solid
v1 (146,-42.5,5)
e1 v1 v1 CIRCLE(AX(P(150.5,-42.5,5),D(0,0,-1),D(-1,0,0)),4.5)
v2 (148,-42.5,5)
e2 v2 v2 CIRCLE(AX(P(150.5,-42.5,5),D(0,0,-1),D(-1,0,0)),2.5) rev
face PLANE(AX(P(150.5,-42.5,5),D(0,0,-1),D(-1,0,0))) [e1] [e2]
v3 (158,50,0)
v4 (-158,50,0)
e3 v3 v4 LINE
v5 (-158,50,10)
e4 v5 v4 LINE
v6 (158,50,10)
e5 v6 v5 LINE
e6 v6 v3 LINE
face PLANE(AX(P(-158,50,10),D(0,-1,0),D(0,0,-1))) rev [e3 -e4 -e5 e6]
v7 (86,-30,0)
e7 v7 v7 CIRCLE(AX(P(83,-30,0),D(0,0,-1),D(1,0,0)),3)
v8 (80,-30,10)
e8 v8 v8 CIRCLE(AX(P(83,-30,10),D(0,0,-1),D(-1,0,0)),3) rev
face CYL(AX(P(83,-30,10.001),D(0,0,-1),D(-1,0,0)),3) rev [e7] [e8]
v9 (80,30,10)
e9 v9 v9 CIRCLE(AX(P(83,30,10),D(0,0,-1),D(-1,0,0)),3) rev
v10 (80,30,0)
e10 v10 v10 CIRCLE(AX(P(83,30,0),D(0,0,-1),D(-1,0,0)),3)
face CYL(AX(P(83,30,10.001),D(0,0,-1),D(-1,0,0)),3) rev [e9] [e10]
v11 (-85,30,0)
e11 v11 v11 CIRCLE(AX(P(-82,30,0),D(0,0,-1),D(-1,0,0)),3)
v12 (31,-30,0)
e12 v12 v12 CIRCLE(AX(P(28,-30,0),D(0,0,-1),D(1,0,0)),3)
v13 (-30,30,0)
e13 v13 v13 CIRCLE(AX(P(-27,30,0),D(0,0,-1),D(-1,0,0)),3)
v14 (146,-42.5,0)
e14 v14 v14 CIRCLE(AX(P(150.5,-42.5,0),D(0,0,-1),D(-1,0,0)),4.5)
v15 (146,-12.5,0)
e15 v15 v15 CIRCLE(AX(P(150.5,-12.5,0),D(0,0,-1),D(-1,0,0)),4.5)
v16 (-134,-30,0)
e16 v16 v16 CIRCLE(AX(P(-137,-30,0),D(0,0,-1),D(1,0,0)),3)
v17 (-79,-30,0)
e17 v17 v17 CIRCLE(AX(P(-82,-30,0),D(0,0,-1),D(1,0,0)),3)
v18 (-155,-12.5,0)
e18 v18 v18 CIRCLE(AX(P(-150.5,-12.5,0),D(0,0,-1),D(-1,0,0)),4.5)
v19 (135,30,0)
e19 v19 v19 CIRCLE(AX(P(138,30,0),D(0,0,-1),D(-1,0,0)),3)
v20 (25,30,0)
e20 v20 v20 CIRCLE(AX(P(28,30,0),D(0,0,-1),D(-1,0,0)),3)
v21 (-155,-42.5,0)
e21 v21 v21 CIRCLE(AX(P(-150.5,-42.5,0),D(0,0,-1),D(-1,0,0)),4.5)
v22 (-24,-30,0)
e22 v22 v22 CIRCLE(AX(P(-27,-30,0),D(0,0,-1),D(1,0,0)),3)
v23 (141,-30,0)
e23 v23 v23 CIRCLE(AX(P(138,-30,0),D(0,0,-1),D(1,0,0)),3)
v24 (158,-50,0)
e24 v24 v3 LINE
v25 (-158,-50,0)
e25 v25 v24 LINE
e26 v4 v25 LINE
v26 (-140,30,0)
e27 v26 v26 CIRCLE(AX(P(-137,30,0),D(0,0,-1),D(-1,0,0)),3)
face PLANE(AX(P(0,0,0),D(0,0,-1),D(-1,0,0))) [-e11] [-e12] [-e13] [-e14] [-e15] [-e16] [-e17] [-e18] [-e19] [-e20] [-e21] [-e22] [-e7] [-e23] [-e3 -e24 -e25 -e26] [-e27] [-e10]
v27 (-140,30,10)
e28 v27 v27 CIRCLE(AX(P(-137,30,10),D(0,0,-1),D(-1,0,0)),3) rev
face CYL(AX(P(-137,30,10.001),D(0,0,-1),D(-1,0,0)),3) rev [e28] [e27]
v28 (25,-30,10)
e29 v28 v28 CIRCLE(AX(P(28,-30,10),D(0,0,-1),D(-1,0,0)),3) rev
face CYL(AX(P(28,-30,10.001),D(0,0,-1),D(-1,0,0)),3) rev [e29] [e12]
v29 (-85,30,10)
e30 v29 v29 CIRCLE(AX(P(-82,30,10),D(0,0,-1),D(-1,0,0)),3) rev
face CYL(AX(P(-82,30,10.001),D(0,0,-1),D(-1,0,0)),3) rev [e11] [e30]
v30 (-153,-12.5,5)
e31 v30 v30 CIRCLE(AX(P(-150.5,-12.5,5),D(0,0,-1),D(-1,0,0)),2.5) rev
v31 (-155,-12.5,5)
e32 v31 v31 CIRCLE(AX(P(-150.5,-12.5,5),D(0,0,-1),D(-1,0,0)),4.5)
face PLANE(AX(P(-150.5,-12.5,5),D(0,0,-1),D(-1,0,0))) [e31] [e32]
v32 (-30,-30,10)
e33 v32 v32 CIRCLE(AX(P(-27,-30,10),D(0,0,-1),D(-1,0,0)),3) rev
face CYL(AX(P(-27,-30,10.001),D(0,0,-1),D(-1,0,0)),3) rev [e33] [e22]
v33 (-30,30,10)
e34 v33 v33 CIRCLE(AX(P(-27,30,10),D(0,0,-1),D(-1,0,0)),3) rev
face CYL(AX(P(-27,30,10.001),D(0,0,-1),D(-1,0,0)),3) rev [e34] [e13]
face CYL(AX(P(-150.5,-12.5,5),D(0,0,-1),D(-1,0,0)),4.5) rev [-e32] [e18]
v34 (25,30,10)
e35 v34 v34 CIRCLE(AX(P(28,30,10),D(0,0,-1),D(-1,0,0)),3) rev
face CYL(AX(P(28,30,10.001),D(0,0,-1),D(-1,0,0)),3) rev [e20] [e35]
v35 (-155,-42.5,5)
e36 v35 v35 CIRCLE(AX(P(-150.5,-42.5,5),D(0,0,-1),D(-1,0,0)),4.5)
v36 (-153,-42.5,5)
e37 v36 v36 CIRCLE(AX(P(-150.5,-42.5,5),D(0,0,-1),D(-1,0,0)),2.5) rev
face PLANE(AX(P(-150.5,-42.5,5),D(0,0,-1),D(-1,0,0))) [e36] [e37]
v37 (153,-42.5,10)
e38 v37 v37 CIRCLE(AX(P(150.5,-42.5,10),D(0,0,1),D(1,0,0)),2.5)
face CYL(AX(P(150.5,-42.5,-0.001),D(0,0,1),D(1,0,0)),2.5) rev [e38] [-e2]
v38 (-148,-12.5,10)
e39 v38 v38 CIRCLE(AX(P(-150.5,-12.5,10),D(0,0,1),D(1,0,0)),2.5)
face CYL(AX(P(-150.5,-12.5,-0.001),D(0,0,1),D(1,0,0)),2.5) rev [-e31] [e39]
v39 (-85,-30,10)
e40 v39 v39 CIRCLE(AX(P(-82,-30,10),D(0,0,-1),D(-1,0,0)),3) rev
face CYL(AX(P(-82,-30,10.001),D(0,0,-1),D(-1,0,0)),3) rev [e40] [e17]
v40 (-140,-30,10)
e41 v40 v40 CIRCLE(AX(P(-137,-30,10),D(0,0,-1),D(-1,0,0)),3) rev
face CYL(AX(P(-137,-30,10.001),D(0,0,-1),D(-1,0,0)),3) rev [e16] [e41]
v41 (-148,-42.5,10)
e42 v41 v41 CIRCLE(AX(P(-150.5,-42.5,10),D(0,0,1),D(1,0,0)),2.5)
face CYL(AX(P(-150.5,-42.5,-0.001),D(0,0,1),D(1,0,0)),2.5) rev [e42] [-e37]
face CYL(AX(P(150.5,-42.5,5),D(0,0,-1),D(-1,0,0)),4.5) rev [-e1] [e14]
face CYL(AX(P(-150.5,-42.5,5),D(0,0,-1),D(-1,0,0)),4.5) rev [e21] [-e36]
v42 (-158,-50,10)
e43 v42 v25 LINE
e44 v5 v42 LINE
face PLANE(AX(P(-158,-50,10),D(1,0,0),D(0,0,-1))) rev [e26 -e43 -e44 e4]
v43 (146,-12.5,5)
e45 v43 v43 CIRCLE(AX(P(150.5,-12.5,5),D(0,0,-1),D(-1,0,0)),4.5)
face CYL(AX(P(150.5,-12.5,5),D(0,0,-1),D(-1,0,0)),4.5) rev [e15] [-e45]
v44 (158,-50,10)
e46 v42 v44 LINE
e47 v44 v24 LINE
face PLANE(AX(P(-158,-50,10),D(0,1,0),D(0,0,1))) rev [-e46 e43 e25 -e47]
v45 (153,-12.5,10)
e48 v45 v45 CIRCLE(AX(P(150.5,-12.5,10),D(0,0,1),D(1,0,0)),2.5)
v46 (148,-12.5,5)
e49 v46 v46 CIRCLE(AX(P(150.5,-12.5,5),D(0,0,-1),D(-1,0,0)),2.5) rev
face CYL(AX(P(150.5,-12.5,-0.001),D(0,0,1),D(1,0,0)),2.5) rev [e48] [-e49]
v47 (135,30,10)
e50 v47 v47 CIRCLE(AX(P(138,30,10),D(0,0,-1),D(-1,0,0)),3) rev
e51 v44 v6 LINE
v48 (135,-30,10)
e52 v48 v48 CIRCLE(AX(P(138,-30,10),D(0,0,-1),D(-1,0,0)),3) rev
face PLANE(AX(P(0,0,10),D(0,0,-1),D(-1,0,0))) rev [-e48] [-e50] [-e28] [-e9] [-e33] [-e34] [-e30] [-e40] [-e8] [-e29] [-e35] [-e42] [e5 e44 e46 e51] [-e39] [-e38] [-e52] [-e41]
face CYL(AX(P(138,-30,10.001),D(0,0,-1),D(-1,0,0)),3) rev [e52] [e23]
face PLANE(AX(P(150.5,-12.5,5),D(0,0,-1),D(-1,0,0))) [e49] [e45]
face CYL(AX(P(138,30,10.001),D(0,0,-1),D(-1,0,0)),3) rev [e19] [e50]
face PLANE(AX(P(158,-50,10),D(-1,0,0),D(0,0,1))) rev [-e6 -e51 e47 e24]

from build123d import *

# Parameters (mm, degrees)
SKETCH1_W           = 316
SKETCH1_H           = 100
BOSS_EXTRUDE1_DEPTH = 10
CUT_EXTRUDE1_REACH  = 168.024
SKETCH4_R           = 3
CUT_EXTRUDE2_REACH  = 168.024
SKETCH5_R           = 2.5
SKETCH6_R           = 4.5
CUT_EXTRUDE3_DEPTH  = 5


with BuildPart() as part:
    # Sketch1 → Boss-Extrude1 (new body)
    with BuildSketch(Plane.XY):
        Rectangle(SKETCH1_W, SKETCH1_H)
    extrude(amount=BOSS_EXTRUDE1_DEPTH)

    # Sketch4 → Cut-Extrude1 (cut, up to next)
    with BuildSketch(Plane(origin=(0, 0, 0), x_dir=(-1, 0, 0), z_dir=(0, 0, -1)), mode=Mode.PRIVATE) as cut_extrude1_sk1:
        with Locations((-138, 30)):
            Circle(SKETCH4_R)
    cut_extrude1_tool1 = extrude(cut_extrude1_sk1.sketch, amount=-CUT_EXTRUDE1_REACH, mode=Mode.PRIVATE) & part.part
    # Sketch4 → Cut-Extrude1 (cut, up to next)
    with BuildSketch(Plane(origin=(0, 0, 0), x_dir=(-1, 0, 0), z_dir=(0, 0, -1)), mode=Mode.PRIVATE) as cut_extrude1_sk2:
        with Locations((-83, 30)):
            Circle(SKETCH4_R)
    cut_extrude1_tool2 = extrude(cut_extrude1_sk2.sketch, amount=-CUT_EXTRUDE1_REACH, mode=Mode.PRIVATE) & part.part
    # Sketch4 → Cut-Extrude1 (cut, up to next)
    with BuildSketch(Plane(origin=(0, 0, 0), x_dir=(-1, 0, 0), z_dir=(0, 0, -1)), mode=Mode.PRIVATE) as cut_extrude1_sk3:
        with Locations((-28, 30)):
            Circle(SKETCH4_R)
    cut_extrude1_tool3 = extrude(cut_extrude1_sk3.sketch, amount=-CUT_EXTRUDE1_REACH, mode=Mode.PRIVATE) & part.part
    # Sketch4 → Cut-Extrude1 (cut, up to next)
    with BuildSketch(Plane(origin=(0, 0, 0), x_dir=(-1, 0, 0), z_dir=(0, 0, -1)), mode=Mode.PRIVATE) as cut_extrude1_sk4:
        with Locations((27, 30)):
            Circle(SKETCH4_R)
    cut_extrude1_tool4 = extrude(cut_extrude1_sk4.sketch, amount=-CUT_EXTRUDE1_REACH, mode=Mode.PRIVATE) & part.part
    # Sketch4 → Cut-Extrude1 (cut, up to next)
    with BuildSketch(Plane(origin=(0, 0, 0), x_dir=(-1, 0, 0), z_dir=(0, 0, -1)), mode=Mode.PRIVATE) as cut_extrude1_sk5:
        with Locations((82, 30)):
            Circle(SKETCH4_R)
    cut_extrude1_tool5 = extrude(cut_extrude1_sk5.sketch, amount=-CUT_EXTRUDE1_REACH, mode=Mode.PRIVATE) & part.part
    # Sketch4 → Cut-Extrude1 (cut, up to next)
    with BuildSketch(Plane(origin=(0, 0, 0), x_dir=(-1, 0, 0), z_dir=(0, 0, -1)), mode=Mode.PRIVATE) as cut_extrude1_sk6:
        with Locations((137, 30)):
            Circle(SKETCH4_R)
    cut_extrude1_tool6 = extrude(cut_extrude1_sk6.sketch, amount=-CUT_EXTRUDE1_REACH, mode=Mode.PRIVATE) & part.part
    # Sketch4 → Cut-Extrude1 (cut, up to next)
    with BuildSketch(Plane(origin=(0, 0, 0), x_dir=(-1, 0, 0), z_dir=(0, 0, -1)), mode=Mode.PRIVATE) as cut_extrude1_sk7:
        with Locations((137, -30)):
            Circle(SKETCH4_R)
    cut_extrude1_tool7 = extrude(cut_extrude1_sk7.sketch, amount=-CUT_EXTRUDE1_REACH, mode=Mode.PRIVATE) & part.part
    # Sketch4 → Cut-Extrude1 (cut, up to next)
    with BuildSketch(Plane(origin=(0, 0, 0), x_dir=(-1, 0, 0), z_dir=(0, 0, -1)), mode=Mode.PRIVATE) as cut_extrude1_sk8:
        with Locations((82, -30)):
            Circle(SKETCH4_R)
    cut_extrude1_tool8 = extrude(cut_extrude1_sk8.sketch, amount=-CUT_EXTRUDE1_REACH, mode=Mode.PRIVATE) & part.part
    # Sketch4 → Cut-Extrude1 (cut, up to next)
    with BuildSketch(Plane(origin=(0, 0, 0), x_dir=(-1, 0, 0), z_dir=(0, 0, -1)), mode=Mode.PRIVATE) as cut_extrude1_sk9:
        with Locations((27, -30)):
            Circle(SKETCH4_R)
    cut_extrude1_tool9 = extrude(cut_extrude1_sk9.sketch, amount=-CUT_EXTRUDE1_REACH, mode=Mode.PRIVATE) & part.part
    # Sketch4 → Cut-Extrude1 (cut, up to next)
    with BuildSketch(Plane(origin=(0, 0, 0), x_dir=(-1, 0, 0), z_dir=(0, 0, -1)), mode=Mode.PRIVATE) as cut_extrude1_sk10:
        with Locations((-28, -30)):
            Circle(SKETCH4_R)
    cut_extrude1_tool10 = extrude(cut_extrude1_sk10.sketch, amount=-CUT_EXTRUDE1_REACH, mode=Mode.PRIVATE) & part.part
    # Sketch4 → Cut-Extrude1 (cut, up to next)
    with BuildSketch(Plane(origin=(0, 0, 0), x_dir=(-1, 0, 0), z_dir=(0, 0, -1)), mode=Mode.PRIVATE) as cut_extrude1_sk11:
        with Locations((-83, -30)):
            Circle(SKETCH4_R)
    cut_extrude1_tool11 = extrude(cut_extrude1_sk11.sketch, amount=-CUT_EXTRUDE1_REACH, mode=Mode.PRIVATE) & part.part
    # Sketch4 → Cut-Extrude1 (cut, up to next)
    with BuildSketch(Plane(origin=(0, 0, 0), x_dir=(-1, 0, 0), z_dir=(0, 0, -1)), mode=Mode.PRIVATE) as cut_extrude1_sk12:
        with Locations((-138, -30)):
            Circle(SKETCH4_R)
    cut_extrude1_tool12 = extrude(cut_extrude1_sk12.sketch, amount=-CUT_EXTRUDE1_REACH, mode=Mode.PRIVATE) & part.part
    add(cut_extrude1_tool1.solids().sort_by_distance((138, 30, 0))[0], mode=Mode.SUBTRACT)
    add(cut_extrude1_tool2.solids().sort_by_distance((83, 30, 0))[0], mode=Mode.SUBTRACT)
    add(cut_extrude1_tool3.solids().sort_by_distance((28, 30, 0))[0], mode=Mode.SUBTRACT)
    add(cut_extrude1_tool4.solids().sort_by_distance((-27, 30, 0))[0], mode=Mode.SUBTRACT)
    add(cut_extrude1_tool5.solids().sort_by_distance((-82, 30, 0))[0], mode=Mode.SUBTRACT)
    add(cut_extrude1_tool6.solids().sort_by_distance((-137, 30, 0))[0], mode=Mode.SUBTRACT)
    add(cut_extrude1_tool7.solids().sort_by_distance((-137, -30, 0))[0], mode=Mode.SUBTRACT)
    add(cut_extrude1_tool8.solids().sort_by_distance((-82, -30, 0))[0], mode=Mode.SUBTRACT)
    add(cut_extrude1_tool9.solids().sort_by_distance((-27, -30, 0))[0], mode=Mode.SUBTRACT)
    add(cut_extrude1_tool10.solids().sort_by_distance((28, -30, 0))[0], mode=Mode.SUBTRACT)
    add(cut_extrude1_tool11.solids().sort_by_distance((83, -30, 0))[0], mode=Mode.SUBTRACT)
    add(cut_extrude1_tool12.solids().sort_by_distance((138, -30, 0))[0], mode=Mode.SUBTRACT)

    # Sketch5 → Cut-Extrude2 (cut, up to next)
    with BuildSketch(Plane.XY.offset(10), mode=Mode.PRIVATE) as cut_extrude2_sk1:
        with Locations((-150.5, -42.5)):
            Circle(SKETCH5_R)
    cut_extrude2_tool1 = extrude(cut_extrude2_sk1.sketch, amount=-CUT_EXTRUDE2_REACH, mode=Mode.PRIVATE) & part.part
    # Sketch5 → Cut-Extrude2 (cut, up to next)
    with BuildSketch(Plane.XY.offset(10), mode=Mode.PRIVATE) as cut_extrude2_sk2:
        with Locations((150.5, -42.5)):
            Circle(SKETCH5_R)
    cut_extrude2_tool2 = extrude(cut_extrude2_sk2.sketch, amount=-CUT_EXTRUDE2_REACH, mode=Mode.PRIVATE) & part.part
    # Sketch5 → Cut-Extrude2 (cut, up to next)
    with BuildSketch(Plane.XY.offset(10), mode=Mode.PRIVATE) as cut_extrude2_sk3:
        with Locations((-150.5, -12.5)):
            Circle(SKETCH5_R)
    cut_extrude2_tool3 = extrude(cut_extrude2_sk3.sketch, amount=-CUT_EXTRUDE2_REACH, mode=Mode.PRIVATE) & part.part
    # Sketch5 → Cut-Extrude2 (cut, up to next)
    with BuildSketch(Plane.XY.offset(10), mode=Mode.PRIVATE) as cut_extrude2_sk4:
        with Locations((150.5, -12.5)):
            Circle(SKETCH5_R)
    cut_extrude2_tool4 = extrude(cut_extrude2_sk4.sketch, amount=-CUT_EXTRUDE2_REACH, mode=Mode.PRIVATE) & part.part
    add(cut_extrude2_tool1.solids().sort_by_distance((-150.5, -42.5, 10))[0], mode=Mode.SUBTRACT)
    add(cut_extrude2_tool2.solids().sort_by_distance((150.5, -42.5, 10))[0], mode=Mode.SUBTRACT)
    add(cut_extrude2_tool3.solids().sort_by_distance((-150.5, -12.5, 10))[0], mode=Mode.SUBTRACT)
    add(cut_extrude2_tool4.solids().sort_by_distance((150.5, -12.5, 10))[0], mode=Mode.SUBTRACT)

    # Sketch6 → Cut-Extrude3 (cut)
    with BuildSketch(Plane(origin=(0, 0, 0), x_dir=(-1, 0, 0), z_dir=(0, 0, -1))):
        with Locations((-150.5, -42.5)):
            Circle(SKETCH6_R)
        with Locations((-150.5, -12.5)):
            Circle(SKETCH6_R)
        with Locations((150.5, -12.5)):
            Circle(SKETCH6_R)
        with Locations((150.5, -42.5)):
            Circle(SKETCH6_R)
    extrude(amount=-CUT_EXTRUDE3_DEPTH, mode=Mode.SUBTRACT)


solid = part.part
